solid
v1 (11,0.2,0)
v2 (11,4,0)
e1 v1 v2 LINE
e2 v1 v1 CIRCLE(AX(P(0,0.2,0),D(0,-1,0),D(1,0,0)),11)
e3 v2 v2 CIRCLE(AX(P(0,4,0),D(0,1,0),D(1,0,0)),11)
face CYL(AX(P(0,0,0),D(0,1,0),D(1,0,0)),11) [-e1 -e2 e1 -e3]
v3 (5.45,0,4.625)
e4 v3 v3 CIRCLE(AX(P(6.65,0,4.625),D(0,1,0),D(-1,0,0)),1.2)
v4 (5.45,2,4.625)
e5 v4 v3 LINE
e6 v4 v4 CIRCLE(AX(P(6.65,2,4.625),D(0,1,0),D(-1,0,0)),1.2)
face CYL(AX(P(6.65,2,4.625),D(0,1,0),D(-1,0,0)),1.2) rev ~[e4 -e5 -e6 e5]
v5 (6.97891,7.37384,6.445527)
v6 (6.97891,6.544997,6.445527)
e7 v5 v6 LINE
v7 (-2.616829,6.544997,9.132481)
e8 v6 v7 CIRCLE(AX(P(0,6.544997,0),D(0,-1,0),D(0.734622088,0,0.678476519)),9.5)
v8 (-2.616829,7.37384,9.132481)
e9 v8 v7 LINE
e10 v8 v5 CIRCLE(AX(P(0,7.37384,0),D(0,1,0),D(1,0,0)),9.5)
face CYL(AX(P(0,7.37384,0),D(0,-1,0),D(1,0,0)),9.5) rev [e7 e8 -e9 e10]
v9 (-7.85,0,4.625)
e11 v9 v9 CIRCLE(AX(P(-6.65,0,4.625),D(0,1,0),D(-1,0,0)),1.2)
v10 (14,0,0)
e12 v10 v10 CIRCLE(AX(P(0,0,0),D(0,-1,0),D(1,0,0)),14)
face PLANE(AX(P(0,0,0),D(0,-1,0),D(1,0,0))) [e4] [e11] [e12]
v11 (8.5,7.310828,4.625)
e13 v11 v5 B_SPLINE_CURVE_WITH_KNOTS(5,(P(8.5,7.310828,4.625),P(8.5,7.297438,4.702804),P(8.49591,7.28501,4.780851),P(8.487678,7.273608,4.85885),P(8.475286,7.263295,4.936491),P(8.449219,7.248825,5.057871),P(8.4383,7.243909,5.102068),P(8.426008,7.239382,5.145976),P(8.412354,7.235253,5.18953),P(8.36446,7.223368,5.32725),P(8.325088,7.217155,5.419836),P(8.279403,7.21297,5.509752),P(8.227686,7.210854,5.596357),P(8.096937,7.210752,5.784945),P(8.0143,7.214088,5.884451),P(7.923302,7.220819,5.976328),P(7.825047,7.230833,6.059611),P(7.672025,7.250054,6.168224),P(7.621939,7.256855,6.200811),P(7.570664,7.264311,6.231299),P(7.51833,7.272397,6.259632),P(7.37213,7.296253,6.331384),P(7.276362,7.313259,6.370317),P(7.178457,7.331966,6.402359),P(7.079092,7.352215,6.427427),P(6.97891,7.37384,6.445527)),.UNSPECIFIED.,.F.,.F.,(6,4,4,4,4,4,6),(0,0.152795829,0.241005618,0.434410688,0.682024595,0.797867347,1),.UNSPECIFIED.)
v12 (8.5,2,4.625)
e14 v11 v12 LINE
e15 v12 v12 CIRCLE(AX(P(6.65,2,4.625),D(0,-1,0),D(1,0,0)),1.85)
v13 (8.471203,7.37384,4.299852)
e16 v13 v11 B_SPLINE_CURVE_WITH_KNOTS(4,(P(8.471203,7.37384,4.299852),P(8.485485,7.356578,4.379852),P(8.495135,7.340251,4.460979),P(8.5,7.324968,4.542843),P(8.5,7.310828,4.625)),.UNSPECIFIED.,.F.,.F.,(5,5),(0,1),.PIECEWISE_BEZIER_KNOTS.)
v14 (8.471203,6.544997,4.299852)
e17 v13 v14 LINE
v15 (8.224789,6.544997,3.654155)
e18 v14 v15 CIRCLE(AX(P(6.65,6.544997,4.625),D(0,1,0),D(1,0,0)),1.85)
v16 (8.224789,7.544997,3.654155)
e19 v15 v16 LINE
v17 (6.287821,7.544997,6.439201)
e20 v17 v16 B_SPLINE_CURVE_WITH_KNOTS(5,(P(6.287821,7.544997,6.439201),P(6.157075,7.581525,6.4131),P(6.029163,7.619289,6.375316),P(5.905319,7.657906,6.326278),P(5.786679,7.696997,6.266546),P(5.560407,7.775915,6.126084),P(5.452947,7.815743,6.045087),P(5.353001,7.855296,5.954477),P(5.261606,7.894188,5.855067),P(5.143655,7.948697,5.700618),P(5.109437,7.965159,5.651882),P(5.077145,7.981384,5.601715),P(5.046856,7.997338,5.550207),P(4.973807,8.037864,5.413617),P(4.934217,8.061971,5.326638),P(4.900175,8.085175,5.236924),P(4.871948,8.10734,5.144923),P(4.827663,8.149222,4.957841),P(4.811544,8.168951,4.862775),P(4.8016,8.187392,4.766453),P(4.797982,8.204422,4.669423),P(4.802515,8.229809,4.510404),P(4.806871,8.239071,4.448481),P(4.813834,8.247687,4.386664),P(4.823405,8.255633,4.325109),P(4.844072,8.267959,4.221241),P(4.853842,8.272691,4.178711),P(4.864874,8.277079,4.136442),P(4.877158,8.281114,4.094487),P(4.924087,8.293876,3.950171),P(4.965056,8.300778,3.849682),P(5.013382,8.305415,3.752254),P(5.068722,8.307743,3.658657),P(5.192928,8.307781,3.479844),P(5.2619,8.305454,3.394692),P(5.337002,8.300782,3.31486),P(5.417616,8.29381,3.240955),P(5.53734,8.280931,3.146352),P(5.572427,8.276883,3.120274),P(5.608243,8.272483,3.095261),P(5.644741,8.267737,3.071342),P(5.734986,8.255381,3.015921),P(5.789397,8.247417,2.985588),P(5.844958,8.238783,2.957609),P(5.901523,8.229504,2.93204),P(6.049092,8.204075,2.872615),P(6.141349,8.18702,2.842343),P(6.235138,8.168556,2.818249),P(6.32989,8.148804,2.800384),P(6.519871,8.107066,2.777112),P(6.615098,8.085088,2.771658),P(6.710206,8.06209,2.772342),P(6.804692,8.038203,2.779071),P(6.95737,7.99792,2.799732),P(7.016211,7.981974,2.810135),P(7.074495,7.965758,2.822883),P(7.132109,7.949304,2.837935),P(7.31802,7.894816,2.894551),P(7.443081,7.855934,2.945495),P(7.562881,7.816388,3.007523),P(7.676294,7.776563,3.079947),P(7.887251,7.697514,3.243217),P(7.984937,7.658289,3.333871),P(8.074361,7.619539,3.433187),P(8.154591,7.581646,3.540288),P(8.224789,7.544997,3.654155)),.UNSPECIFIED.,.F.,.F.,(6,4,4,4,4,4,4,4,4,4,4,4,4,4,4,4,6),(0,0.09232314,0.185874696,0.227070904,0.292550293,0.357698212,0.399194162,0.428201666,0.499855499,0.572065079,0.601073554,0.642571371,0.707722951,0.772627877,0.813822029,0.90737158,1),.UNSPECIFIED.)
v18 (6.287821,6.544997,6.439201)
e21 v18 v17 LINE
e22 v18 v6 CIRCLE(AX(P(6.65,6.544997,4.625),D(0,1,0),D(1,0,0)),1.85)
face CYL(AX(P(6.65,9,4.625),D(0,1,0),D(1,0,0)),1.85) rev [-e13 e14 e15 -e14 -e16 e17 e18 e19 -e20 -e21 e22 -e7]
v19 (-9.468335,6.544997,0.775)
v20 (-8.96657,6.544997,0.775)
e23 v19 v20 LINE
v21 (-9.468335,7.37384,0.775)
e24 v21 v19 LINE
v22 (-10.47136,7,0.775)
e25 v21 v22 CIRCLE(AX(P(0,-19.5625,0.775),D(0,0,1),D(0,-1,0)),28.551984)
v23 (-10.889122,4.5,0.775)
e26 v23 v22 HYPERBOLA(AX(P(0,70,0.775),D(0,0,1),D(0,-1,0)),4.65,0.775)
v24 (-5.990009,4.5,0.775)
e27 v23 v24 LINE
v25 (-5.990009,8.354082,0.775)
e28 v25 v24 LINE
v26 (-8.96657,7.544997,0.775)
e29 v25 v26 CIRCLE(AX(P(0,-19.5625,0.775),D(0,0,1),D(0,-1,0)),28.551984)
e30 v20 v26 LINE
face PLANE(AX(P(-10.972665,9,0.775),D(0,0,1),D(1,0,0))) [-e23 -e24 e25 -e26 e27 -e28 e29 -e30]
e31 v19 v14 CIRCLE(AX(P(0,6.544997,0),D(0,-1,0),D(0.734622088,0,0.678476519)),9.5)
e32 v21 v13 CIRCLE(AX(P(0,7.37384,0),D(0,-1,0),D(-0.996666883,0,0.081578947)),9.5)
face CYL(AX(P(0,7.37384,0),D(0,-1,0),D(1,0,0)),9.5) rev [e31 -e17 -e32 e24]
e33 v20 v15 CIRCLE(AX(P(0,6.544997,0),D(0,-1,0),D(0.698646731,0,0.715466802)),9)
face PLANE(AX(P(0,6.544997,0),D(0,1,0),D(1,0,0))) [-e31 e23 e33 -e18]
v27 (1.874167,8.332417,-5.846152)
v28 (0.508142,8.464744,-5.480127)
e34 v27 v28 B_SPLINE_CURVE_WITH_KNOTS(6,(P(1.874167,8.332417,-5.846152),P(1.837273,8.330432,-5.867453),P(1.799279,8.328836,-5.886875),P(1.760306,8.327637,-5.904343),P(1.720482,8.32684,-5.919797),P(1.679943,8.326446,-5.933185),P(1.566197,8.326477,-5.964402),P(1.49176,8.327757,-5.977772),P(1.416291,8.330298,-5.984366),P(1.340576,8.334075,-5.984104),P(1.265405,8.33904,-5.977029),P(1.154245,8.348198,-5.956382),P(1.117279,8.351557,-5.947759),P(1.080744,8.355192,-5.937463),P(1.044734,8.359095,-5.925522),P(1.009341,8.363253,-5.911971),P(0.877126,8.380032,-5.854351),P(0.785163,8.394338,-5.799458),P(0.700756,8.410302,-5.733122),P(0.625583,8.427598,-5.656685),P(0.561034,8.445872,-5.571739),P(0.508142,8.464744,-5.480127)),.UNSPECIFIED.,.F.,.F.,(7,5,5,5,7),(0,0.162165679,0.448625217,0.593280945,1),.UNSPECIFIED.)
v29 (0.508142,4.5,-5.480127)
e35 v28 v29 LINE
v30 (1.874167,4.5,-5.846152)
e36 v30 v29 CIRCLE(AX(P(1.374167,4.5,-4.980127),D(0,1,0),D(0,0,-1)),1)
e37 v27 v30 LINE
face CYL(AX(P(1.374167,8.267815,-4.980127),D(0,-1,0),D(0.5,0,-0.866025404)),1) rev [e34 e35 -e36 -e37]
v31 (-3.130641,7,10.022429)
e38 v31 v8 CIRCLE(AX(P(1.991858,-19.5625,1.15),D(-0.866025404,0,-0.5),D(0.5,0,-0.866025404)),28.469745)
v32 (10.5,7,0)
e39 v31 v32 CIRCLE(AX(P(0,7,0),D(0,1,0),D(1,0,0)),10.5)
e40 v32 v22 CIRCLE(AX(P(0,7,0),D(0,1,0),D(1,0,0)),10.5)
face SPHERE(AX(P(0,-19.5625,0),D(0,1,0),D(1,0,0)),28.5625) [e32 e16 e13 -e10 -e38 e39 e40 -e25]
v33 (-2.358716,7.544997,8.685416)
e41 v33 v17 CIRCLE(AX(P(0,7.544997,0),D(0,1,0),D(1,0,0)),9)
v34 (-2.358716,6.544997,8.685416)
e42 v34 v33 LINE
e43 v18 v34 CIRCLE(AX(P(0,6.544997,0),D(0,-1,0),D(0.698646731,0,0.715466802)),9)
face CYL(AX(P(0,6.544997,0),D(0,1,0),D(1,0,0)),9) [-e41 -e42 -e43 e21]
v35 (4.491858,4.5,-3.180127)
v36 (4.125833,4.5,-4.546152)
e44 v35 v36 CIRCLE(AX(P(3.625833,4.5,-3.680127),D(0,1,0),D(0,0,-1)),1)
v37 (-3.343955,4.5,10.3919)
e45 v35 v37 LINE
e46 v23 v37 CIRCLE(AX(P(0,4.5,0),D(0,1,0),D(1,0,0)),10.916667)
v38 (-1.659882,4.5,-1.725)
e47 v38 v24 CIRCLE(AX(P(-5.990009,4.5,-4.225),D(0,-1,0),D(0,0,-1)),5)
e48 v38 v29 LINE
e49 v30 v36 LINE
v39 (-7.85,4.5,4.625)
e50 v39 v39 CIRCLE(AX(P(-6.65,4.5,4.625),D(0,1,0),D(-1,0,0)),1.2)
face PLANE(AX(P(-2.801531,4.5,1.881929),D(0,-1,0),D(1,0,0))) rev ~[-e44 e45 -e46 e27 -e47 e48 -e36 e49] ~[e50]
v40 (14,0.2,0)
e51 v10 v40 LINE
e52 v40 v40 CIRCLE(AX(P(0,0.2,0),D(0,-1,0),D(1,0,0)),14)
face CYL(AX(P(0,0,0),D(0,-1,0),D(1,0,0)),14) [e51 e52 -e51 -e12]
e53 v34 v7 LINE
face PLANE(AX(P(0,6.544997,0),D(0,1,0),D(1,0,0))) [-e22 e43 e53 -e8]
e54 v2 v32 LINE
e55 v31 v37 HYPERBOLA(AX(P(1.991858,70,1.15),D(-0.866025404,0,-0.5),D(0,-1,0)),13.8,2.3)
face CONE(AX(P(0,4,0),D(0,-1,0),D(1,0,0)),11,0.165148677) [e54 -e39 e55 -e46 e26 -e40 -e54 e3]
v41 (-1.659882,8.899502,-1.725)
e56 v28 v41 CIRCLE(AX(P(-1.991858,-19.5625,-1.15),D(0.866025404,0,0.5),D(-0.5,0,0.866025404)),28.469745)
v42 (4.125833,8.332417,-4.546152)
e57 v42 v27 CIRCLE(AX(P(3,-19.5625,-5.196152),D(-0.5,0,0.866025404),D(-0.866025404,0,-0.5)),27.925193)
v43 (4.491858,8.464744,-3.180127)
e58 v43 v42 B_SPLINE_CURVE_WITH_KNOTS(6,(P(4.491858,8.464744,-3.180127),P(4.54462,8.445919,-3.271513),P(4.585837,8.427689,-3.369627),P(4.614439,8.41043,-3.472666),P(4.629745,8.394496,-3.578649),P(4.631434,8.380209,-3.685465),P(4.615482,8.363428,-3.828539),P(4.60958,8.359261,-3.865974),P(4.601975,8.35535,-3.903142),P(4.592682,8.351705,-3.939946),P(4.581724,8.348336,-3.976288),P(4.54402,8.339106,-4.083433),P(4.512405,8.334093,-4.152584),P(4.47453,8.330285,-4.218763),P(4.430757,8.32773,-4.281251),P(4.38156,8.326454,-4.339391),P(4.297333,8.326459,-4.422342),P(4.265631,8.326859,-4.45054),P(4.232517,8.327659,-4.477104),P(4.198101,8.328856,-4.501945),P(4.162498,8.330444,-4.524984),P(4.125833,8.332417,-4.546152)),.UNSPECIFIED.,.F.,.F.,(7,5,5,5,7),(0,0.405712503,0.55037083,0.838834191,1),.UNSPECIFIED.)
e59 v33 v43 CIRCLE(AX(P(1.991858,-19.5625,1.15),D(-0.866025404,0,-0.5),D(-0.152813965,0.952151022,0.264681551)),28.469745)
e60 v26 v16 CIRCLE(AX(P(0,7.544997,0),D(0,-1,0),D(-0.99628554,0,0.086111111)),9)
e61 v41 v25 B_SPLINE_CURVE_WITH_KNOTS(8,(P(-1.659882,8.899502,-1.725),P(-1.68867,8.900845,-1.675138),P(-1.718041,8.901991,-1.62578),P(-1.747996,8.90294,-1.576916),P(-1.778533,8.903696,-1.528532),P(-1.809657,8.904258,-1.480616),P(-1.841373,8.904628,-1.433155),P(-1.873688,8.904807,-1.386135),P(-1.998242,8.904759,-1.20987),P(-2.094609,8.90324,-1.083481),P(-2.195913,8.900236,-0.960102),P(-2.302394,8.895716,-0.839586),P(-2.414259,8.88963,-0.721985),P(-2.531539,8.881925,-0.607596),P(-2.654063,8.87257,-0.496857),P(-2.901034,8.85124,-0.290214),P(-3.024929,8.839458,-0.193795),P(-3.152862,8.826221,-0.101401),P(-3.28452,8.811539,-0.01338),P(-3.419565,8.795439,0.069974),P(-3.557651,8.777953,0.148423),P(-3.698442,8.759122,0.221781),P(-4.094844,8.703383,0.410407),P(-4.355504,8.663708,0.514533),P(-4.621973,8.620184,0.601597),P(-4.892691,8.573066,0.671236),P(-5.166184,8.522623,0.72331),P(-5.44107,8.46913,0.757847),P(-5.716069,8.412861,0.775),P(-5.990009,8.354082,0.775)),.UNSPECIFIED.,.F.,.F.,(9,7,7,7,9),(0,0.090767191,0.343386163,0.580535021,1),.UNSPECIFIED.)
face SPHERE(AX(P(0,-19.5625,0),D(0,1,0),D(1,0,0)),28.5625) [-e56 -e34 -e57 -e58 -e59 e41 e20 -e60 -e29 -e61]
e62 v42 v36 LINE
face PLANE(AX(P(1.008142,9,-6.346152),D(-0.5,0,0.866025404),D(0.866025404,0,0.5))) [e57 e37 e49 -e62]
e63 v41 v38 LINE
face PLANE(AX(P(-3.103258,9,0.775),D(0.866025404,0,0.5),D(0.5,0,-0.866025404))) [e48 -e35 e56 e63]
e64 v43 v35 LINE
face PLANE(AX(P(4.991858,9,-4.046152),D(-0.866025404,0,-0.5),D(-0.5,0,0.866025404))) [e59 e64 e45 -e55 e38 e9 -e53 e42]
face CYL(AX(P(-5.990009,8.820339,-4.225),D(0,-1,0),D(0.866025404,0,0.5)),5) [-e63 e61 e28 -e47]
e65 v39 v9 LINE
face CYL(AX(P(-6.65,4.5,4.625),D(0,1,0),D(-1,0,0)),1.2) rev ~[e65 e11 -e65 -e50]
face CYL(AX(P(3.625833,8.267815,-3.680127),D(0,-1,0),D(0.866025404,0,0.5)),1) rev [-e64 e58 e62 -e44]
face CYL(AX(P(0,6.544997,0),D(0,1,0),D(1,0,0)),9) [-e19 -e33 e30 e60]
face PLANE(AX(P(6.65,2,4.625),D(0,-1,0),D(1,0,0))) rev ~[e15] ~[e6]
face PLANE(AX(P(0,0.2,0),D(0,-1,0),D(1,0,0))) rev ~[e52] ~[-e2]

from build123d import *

# Parameters (mm, degrees)
F3_R      = 1.85
F4_DEPTH  = 7
F5_R      = 1.2
F6_DEPTH  = 2
F8_DEPTH  = 4.5
F9_R      = 1
F10_R     = 1.2
F11_DEPTH = 4.5
F12_R     = 5
F13_R     = 14
F13_R_2   = 11
F14_DEPTH = 0.2


with BuildPart() as f1:
    # F0 (on Top) → F1 (revolve)
    with BuildSketch(Plane.XY):
        with BuildLine():
            Line((0, 9), (0, 0))
            Line((0, 0), (11, 0))
            Line((11, 0), (11, 4))
            Line((11, 4), (10.5, 7))
            ThreePointArc((10.5, 7), (10.0017468007, 7.1915925315), (9.5, 7.3738398822))
            Line((9.5, 7.3738398822), (9.5, 6.5449972332))
            Line((9.5, 6.5449972332), (9, 6.5449972332))
            Line((9, 6.5449972332), (9, 7.5449972332))
            ThreePointArc((9, 7.5449972332), (4.5584271698, 8.6339031037), (0, 9))
        make_face()
    revolve(axis=Axis((0, 4.5, 0), (0, 1, 0)))

    # F3 (on offset) → F4 (cut)
    with BuildSketch(Plane.XZ.offset(-9)):
        with Locations((6.65, 4.625)):
            Circle(F3_R)
    extrude(amount=F4_DEPTH, mode=Mode.SUBTRACT)

    # F5 (on face) → F6 (cut, through all)
    with BuildSketch(Plane(origin=(0, 2, 0), x_dir=(-1, 0, 0), z_dir=(0, 1, 0))):
        with Locations((-6.65, 4.625)):
            Circle(F5_R)
    extrude(amount=-F6_DEPTH, mode=Mode.SUBTRACT)

    # F7 (on offset) → F8 (cut)
    with BuildSketch(Plane.XZ.offset(-9)):
        with BuildLine():
            Line((4.9918584287, -4.0461524227), (-3.38657071, 10.4657125331))
            ThreePointArc((-3.38657071, 10.4657125331), (-8.661662033, 6.780531751), (-10.9726648996, 0.775))
            Line((-10.9726648996, 0.775), (-3.1032576969, 0.775))
            Line((-3.1032576969, 0.775), (1.0081415713, -6.3461524227))
            Line((1.0081415713, -6.3461524227), (4.9918584287, -4.0461524227))
        make_face()
    extrude(amount=F8_DEPTH, mode=Mode.SUBTRACT)

    # F9
    f9_edges = [f1.edges().sort_by_distance(p)[0] for p in [
        (4.991858, 6.383907, -4.046152),
        (1.008142, 6.383907, -6.346152),
    ]]
    fillet(f9_edges, radius=F9_R)

    # F10 (on face) → F11 (cut, through all)
    with BuildSketch(Plane(origin=(0, 4.5, 0), x_dir=(-1, 0, 0), z_dir=(0, 1, 0))):
        with Locations((6.65, 4.625)):
            Circle(F10_R)
    extrude(amount=-F11_DEPTH, mode=Mode.SUBTRACT)

    # F12
    f12_edges = [f1.edges().sort_by_distance(p)[0] for p in [
        (-3.103258, 6.66017, 0.775),
    ]]
    fillet(f12_edges, radius=F12_R)

    # F13 (on face) → F14 (join)
    with BuildSketch(Plane.XZ):
        Circle(F13_R)
        Circle(F13_R_2, mode=Mode.SUBTRACT)
    extrude(amount=-F14_DEPTH)


solid = f1.part
